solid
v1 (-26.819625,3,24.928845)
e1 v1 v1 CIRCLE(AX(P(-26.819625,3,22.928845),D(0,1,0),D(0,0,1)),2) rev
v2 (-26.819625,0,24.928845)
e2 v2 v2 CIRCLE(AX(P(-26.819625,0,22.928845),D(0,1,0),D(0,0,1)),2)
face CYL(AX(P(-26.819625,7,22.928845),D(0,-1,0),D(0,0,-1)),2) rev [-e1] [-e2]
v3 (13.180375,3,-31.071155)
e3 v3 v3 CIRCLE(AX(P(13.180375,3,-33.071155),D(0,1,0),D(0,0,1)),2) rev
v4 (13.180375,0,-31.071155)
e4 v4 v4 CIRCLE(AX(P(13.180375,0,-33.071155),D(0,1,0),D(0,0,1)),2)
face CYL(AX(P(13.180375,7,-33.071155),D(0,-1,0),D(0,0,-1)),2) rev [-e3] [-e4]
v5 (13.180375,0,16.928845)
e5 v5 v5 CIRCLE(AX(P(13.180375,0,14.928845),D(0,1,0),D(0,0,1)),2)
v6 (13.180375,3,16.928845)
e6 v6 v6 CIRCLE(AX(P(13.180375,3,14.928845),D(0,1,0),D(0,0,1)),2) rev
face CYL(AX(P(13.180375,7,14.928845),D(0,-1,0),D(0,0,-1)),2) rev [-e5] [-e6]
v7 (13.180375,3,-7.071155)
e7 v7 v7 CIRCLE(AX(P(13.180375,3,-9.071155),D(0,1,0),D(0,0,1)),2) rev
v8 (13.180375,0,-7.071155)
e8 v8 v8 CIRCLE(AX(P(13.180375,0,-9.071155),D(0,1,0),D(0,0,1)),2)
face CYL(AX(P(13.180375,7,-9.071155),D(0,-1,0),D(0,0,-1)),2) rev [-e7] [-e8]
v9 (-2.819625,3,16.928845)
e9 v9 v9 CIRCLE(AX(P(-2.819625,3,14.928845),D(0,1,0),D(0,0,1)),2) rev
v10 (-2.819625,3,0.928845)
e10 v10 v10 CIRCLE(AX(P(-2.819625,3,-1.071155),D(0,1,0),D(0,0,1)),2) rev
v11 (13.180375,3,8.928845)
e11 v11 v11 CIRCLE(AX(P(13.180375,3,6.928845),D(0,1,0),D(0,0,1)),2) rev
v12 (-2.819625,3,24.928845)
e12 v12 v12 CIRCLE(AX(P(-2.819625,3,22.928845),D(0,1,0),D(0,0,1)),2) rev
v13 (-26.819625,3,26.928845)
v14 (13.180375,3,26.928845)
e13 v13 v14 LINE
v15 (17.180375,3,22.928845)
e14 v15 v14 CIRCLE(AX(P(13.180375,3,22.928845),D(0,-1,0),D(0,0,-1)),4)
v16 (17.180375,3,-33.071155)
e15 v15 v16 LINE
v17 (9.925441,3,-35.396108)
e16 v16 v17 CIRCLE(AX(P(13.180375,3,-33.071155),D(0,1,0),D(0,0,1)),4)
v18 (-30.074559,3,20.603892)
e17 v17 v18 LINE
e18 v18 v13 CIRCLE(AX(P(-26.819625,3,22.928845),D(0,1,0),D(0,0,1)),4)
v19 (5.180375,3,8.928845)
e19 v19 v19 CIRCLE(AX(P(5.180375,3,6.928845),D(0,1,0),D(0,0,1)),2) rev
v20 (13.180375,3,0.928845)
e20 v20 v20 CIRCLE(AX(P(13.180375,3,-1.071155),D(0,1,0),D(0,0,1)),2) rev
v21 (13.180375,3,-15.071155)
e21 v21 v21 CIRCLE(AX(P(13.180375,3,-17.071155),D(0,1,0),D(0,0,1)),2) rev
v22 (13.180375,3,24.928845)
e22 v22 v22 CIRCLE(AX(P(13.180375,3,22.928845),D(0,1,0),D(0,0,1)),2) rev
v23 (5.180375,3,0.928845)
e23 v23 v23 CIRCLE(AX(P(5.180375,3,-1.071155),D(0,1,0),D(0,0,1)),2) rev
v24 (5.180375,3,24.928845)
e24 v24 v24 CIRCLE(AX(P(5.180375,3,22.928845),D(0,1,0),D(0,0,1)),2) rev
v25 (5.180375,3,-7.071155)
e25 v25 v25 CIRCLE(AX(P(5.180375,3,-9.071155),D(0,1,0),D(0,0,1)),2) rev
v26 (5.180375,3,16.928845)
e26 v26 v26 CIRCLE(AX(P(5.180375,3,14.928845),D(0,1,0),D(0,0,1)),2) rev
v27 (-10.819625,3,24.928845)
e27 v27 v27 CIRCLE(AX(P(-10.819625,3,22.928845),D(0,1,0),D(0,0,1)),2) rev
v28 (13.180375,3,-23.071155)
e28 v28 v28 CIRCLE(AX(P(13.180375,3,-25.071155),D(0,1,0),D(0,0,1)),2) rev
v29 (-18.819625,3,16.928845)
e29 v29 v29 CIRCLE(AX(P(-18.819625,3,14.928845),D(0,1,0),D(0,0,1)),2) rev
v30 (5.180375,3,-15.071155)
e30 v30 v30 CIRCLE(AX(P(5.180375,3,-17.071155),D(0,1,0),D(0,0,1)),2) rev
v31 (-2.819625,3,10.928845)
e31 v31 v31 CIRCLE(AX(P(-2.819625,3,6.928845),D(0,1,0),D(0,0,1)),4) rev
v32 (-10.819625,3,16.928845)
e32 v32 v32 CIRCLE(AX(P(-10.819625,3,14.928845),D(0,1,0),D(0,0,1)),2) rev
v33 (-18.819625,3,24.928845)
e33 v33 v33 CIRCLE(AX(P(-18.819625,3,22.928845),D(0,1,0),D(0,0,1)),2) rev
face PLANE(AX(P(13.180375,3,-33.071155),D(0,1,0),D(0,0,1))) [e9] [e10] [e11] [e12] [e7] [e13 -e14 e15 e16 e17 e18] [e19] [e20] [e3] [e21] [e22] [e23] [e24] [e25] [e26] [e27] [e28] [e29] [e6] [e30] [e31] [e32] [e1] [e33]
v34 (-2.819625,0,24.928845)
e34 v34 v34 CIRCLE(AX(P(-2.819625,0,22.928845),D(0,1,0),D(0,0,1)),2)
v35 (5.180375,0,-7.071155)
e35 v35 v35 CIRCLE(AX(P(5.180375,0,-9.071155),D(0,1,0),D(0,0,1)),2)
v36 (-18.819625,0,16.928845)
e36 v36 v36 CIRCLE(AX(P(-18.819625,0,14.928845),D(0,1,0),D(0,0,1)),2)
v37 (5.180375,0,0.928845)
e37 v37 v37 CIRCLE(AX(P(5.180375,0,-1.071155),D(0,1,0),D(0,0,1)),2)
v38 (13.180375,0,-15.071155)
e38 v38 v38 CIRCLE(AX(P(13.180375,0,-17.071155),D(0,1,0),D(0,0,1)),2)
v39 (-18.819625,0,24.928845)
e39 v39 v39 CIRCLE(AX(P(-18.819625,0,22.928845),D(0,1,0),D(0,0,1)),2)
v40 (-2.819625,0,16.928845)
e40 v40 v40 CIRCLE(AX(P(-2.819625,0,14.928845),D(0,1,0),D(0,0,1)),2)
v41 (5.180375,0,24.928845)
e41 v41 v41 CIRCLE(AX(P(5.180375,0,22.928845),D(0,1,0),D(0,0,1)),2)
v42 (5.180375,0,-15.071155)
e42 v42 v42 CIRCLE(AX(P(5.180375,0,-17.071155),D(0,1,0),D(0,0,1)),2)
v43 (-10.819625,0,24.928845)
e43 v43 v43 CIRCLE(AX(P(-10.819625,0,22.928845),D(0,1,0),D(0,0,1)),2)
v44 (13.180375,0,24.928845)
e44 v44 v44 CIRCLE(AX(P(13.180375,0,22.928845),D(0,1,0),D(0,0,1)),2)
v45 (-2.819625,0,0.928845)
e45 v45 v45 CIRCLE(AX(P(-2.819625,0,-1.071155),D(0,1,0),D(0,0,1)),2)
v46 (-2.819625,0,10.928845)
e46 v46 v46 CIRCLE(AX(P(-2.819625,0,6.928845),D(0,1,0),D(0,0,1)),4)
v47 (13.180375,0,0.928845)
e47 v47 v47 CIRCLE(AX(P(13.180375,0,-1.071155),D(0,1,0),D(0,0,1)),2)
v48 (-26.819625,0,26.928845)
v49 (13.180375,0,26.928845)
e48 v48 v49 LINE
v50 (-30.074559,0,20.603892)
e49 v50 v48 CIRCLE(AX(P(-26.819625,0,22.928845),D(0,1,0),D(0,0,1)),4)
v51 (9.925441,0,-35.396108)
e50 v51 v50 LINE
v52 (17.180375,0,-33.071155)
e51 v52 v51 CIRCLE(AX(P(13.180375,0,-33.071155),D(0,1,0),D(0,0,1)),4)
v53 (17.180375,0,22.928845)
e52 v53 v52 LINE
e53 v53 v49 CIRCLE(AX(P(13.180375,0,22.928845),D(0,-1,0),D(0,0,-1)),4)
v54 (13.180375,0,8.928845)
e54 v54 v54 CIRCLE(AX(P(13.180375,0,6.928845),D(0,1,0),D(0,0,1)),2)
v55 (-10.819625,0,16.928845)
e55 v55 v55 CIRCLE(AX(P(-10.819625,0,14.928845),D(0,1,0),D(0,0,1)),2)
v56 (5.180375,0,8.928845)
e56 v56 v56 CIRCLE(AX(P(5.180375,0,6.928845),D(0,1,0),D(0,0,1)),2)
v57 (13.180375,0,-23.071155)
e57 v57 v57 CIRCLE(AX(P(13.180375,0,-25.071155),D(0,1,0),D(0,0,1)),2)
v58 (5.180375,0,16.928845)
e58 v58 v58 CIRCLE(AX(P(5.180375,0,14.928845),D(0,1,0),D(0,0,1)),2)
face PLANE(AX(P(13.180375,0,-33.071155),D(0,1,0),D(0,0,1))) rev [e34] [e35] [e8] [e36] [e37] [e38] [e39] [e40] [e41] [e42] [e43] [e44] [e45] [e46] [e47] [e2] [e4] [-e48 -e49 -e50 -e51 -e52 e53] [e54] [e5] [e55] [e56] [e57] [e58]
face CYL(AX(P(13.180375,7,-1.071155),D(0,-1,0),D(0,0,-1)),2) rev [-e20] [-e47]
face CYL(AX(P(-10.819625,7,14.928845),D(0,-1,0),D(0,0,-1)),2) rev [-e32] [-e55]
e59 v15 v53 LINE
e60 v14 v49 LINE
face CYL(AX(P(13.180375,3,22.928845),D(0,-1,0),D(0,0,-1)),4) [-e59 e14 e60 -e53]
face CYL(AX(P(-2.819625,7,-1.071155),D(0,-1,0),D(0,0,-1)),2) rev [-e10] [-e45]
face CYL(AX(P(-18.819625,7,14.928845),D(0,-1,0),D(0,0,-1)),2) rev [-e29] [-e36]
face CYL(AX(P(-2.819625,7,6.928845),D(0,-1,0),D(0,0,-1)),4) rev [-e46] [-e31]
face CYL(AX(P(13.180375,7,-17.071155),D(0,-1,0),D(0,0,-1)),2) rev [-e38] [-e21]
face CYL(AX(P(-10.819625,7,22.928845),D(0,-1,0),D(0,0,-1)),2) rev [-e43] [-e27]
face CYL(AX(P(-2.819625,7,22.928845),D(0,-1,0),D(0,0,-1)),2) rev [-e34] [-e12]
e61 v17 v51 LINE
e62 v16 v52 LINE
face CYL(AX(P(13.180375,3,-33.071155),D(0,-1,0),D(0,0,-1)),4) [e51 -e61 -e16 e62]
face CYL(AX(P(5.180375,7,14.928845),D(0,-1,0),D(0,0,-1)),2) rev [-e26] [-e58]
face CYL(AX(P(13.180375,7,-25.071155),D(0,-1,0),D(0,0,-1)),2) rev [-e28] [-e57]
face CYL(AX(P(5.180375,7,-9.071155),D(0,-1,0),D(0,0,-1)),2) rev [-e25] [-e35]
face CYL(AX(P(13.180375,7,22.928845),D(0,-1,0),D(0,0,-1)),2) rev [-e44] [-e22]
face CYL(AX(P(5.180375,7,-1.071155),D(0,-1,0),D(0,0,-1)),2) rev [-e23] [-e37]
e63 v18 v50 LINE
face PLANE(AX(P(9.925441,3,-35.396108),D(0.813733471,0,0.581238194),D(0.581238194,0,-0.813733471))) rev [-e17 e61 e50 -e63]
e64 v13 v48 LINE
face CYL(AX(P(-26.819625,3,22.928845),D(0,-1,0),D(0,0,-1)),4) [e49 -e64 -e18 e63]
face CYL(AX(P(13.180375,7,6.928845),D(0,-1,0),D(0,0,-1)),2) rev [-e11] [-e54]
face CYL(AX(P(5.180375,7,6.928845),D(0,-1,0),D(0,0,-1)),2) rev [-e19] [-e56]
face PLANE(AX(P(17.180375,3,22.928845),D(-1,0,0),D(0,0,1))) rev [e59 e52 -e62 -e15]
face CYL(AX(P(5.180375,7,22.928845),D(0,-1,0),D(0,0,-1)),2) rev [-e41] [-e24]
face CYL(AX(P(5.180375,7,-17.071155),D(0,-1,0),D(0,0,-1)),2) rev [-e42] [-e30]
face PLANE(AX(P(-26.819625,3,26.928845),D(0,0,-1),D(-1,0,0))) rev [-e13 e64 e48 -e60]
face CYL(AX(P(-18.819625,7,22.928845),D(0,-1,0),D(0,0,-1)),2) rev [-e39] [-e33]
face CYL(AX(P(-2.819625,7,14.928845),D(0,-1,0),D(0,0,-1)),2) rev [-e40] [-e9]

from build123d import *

# Parameters (mm, degrees)
BOSS_EXTRUDE2_DEPTH = 3
SKETCH4_R           = 2
SKETCH4_R_2         = 4
CUT_EXTRUDE3_DEPTH  = 7


with BuildPart() as part:
    # Sketch2 → Boss-Extrude2 (new body)
    with BuildSketch(Plane(origin=(0, 0, 0), x_dir=(1, 0, 0), z_dir=(0, 1, 0))):
        with BuildLine():
            Line((17.180375272, -22.928844638), (17.180375272, 33.071155362))
            ThreePointArc((17.180375272, 33.071155362), (14.401084996, 36.880337397), (9.925441387, 35.396108137))
            Line((9.925441387, 35.396108137), (-30.074558613, -20.603891863))
            ThreePointArc((-30.074558613, -20.603891863), (-30.376295299, -24.759170961), (-26.819624728, -26.928844638))
            Line((-26.819624728, -26.928844638), (13.180375272, -26.928844638))
            ThreePointArc((13.180375272, -26.928844638), (16.008802397, -25.757271762), (17.180375272, -22.928844638))
        make_face()
    extrude(amount=BOSS_EXTRUDE2_DEPTH)

    # Sketch4 → Cut-Extrude3 (cut)
    with BuildSketch(Plane(origin=(0, 0, 0), x_dir=(1, 0, 0), z_dir=(0, 1, 0))):
        with Locations(Location((13.180375272, -22.928844638, 0), (0, 0, 270))):
            Circle(SKETCH4_R)
        with Locations(Location((13.180375272, -14.928844638, 0), (0, 0, 270))):
            Circle(SKETCH4_R)
        with Locations(Location((13.180375272, -6.928844638, 0), (0, 0, 270))):
            Circle(SKETCH4_R)
        with Locations(Location((13.180375272, 1.071155362, 0), (0, 0, 270))):
            Circle(SKETCH4_R)
        with Locations(Location((13.180375272, 9.071155362, 0), (0, 0, 270))):
            Circle(SKETCH4_R)
        with Locations(Location((13.180375272, 17.071155362, 0), (0, 0, 270))):
            Circle(SKETCH4_R)
        with Locations(Location((13.180375272, 25.071155362, 0), (0, 0, 270))):
            Circle(SKETCH4_R)
        with Locations(Location((13.180375272, 33.071155362, 0), (0, 0, 270))):
            Circle(SKETCH4_R)
        with Locations(Location((5.180375272, -22.928844638, 0), (0, 0, 270))):
            Circle(SKETCH4_R)
        with Locations(Location((-2.819624728, -22.928844638, 0), (0, 0, 270))):
            Circle(SKETCH4_R)
        with Locations(Location((-10.819624728, -22.928844638, 0), (0, 0, 270))):
            Circle(SKETCH4_R)
        with Locations(Location((-18.819624728, -22.928844638, 0), (0, 0, 270))):
            Circle(SKETCH4_R)
        with Locations(Location((-26.819624728, -22.928844638, 0), (0, 0, 270))):
            Circle(SKETCH4_R)
        with Locations(Location((-18.819624728, -14.928844638, 0), (0, 0, 270))):
            Circle(SKETCH4_R)
        with Locations(Location((-10.819624728, -14.928844638, 0), (0, 0, 270))):
            Circle(SKETCH4_R)
        with Locations(Location((-2.819624728, -14.928844638, 0), (0, 0, 270))):
            Circle(SKETCH4_R)
        with Locations(Location((5.180375272, -14.928844638, 0), (0, 0, 270))):
            Circle(SKETCH4_R)
        with Locations(Location((5.180375272, -6.928844638, 0), (0, 0, 270))):
            Circle(SKETCH4_R)
        with Locations(Location((5.180375272, 1.071155362, 0), (0, 0, 270))):
            Circle(SKETCH4_R)
        with Locations(Location((5.180375272, 9.071155362, 0), (0, 0, 270))):
            Circle(SKETCH4_R)
        with Locations(Location((5.180375272, 17.071155362, 0), (0, 0, 270))):
            Circle(SKETCH4_R)
        with Locations(Location((-2.819624728, 1.071155362, 0), (0, 0, 270))):
            Circle(SKETCH4_R)
        with Locations(Location((-2.819624728, -6.928844638, 0), (0, 0, 270))):
            Circle(SKETCH4_R_2)
    extrude(amount=CUT_EXTRUDE3_DEPTH, mode=Mode.SUBTRACT)


solid = part.part
